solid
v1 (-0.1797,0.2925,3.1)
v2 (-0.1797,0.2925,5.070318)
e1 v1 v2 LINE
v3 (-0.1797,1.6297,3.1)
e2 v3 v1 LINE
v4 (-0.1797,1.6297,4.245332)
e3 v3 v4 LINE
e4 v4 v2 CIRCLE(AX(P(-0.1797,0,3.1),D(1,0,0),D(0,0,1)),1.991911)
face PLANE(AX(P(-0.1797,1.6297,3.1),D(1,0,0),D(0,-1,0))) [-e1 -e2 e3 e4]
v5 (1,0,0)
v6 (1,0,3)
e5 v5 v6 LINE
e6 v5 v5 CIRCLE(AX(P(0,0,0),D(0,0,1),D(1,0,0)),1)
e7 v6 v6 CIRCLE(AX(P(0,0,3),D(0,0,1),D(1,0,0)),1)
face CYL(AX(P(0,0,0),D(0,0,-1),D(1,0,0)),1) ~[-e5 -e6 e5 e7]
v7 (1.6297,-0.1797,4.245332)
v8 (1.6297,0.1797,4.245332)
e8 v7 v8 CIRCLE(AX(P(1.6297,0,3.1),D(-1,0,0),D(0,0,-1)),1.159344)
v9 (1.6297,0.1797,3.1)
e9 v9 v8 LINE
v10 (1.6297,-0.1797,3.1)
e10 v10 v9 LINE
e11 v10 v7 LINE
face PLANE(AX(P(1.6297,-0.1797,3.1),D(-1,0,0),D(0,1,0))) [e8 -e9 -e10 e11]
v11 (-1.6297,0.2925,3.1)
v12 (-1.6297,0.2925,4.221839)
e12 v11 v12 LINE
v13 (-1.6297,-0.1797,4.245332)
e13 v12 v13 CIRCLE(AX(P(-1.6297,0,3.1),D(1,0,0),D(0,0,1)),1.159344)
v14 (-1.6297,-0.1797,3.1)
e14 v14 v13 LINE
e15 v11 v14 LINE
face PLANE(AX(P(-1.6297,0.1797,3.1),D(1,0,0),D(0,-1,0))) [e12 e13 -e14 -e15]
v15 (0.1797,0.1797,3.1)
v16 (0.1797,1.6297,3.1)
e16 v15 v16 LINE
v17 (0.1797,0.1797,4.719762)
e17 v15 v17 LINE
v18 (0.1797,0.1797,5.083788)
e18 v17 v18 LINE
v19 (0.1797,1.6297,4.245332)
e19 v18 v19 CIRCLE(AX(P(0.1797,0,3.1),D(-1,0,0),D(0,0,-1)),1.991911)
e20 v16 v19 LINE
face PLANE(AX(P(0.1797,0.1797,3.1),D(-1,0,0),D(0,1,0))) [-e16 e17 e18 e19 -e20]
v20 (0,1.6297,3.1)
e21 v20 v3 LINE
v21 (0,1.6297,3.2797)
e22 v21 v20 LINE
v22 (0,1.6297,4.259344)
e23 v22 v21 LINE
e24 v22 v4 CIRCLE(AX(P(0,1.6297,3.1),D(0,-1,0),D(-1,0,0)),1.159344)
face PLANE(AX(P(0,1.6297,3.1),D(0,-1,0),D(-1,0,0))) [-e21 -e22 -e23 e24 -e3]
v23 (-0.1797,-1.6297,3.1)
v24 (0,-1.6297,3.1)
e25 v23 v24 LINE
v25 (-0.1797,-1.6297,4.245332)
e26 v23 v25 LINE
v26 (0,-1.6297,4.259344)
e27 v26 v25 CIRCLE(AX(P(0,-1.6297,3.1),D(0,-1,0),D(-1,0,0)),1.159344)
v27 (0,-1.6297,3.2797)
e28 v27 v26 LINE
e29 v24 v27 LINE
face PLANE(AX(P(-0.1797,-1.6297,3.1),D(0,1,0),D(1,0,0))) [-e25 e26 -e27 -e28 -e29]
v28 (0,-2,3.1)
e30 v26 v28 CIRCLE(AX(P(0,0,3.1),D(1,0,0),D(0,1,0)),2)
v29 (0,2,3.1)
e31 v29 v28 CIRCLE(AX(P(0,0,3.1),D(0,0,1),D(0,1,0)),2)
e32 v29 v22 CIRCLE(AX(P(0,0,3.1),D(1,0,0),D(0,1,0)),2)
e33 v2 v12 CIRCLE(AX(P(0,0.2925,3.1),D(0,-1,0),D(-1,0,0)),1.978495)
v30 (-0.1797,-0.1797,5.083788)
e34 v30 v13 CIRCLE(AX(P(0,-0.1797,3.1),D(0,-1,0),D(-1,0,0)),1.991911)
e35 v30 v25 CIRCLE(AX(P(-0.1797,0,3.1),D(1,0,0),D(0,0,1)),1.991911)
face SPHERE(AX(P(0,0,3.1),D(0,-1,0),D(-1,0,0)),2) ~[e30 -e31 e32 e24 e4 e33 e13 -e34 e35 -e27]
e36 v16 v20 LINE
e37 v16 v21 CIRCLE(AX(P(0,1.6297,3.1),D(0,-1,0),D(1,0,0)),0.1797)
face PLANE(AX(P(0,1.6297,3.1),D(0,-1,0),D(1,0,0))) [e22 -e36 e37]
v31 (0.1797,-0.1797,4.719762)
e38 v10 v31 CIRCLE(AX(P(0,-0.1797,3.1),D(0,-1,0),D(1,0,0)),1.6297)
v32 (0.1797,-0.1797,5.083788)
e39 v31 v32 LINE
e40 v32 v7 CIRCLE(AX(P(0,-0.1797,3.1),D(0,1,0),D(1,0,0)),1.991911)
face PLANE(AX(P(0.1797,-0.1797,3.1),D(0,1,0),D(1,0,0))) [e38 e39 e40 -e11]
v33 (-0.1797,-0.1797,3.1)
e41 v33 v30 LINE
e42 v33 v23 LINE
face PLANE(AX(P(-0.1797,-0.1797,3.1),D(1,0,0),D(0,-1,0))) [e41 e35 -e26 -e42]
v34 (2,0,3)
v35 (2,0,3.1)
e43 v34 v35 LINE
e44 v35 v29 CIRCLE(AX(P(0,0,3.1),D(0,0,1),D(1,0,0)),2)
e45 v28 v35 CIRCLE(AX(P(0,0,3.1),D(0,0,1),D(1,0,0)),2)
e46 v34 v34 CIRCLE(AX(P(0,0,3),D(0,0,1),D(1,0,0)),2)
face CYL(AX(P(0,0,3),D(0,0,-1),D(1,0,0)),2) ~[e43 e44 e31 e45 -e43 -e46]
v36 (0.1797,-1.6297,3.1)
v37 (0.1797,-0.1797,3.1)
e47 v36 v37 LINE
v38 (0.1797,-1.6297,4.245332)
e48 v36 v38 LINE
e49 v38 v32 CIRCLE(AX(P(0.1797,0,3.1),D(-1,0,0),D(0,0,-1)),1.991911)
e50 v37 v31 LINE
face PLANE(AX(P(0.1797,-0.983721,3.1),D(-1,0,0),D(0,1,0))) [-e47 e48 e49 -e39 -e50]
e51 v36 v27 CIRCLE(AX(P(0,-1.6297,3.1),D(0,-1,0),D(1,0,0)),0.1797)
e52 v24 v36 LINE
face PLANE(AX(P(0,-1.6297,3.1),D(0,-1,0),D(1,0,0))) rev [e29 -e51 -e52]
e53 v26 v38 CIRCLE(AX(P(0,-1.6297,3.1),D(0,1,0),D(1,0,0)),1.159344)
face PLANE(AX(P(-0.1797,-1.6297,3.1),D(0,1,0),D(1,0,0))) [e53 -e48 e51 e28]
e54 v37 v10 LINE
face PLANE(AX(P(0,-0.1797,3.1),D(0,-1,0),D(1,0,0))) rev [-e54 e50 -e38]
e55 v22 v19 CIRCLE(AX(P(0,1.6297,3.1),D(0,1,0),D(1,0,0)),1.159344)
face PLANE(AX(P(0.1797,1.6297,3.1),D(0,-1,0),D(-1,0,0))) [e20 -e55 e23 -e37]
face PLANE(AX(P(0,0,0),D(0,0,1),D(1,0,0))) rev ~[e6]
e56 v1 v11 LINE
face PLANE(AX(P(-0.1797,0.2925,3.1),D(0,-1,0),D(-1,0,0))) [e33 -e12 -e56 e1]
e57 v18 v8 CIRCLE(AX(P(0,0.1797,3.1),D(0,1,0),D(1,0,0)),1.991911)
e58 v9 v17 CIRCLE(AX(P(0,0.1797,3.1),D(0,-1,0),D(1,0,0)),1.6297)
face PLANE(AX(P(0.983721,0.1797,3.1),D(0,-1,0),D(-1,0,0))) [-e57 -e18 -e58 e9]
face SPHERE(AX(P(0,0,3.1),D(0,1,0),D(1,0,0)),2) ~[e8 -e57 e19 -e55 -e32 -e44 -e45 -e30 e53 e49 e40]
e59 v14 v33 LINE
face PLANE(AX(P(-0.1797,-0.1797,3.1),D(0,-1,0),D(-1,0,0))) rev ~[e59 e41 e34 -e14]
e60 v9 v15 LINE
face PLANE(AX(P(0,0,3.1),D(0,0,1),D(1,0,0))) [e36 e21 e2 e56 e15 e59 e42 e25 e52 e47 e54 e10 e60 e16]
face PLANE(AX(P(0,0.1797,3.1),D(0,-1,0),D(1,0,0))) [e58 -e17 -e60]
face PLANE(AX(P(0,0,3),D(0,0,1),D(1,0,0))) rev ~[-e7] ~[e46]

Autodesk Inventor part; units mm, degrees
ref_plane "YZ Plane" through (0, 0, 0) normal (1, 0, 0) x (0, 1, 0)
ref_plane "XZ Plane" through (0, 0, 0) normal (0, 1, 0) x (-1, 0, 0)
ref_plane "XY Plane" through (0, 0, 0) normal (0, 0, 1) x (1, 0, 0)
sketch "Sketch1" plane through (0, 0, 0) normal (0, 0, 1) x (1, 0, 0)
  circle A0 centre (0, 0) radius 1
  dimension "d0" = 2
extrude "Extrusion1" add sketch "Sketch1" along normal blind 3
sketch "Sketch2" plane through (0, 0, 3) normal (0, 0, 1) x (1, 0, 0)
  circle A0 centre (0, 0) radius 2
  dimension "d3" = 4
extrude "Extrusion2" add sketch "Sketch2" along normal blind 0.1
sketch "Sketch3" plane through (0, 0, 3.1) normal (0, 0, 1) x (1, 0, 0)
  arc A0 (0, 2) -> (0, -2) centre (0, 0) ccw
  line L0 (-1.6297, -0.1797) -> (1.6297, -0.1797)
  line L1 (1.6297, -0.1797) -> (1.6297, 0.1797)
  line L2 (1.6297, 0.1797) -> (-1.6297, 0.1797)
  line L3 (-1.6297, 0.1797) -> (-1.6297, -0.1797)
  line L4 (-1.6297, -0.1797) -> (1.6297, 0.1797) construction
  line L5 (1.6297, -0.1797) -> (-1.6297, 0.1797) construction
  line L6 (0.1797, -1.6297) -> (0.1797, 1.6297)
  line L7 (0.1797, 1.6297) -> (-0.1797, 1.6297)
  line L8 (-0.1797, 1.6297) -> (-0.1797, -1.6297)
  line L9 (-0.1797, -1.6297) -> (0.1797, -1.6297)
  line L10 (0.1797, -1.6297) -> (-0.1797, 1.6297) construction
  line L11 (0.1797, 1.6297) -> (-0.1797, -1.6297) construction
  line L12 (1.6297, 0.1797) -> (-1.6297, 0.1797)
  line L13 (-1.6297, 0.1797) -> (-1.6297, -0.1797)
  line L14 (-1.6297, -0.1797) -> (1.6297, -0.1797)
  line L15 (1.6297, -0.1797) -> (1.6297, 0.1797)
  line L16 (1.6297, 0.1797) -> (-1.6297, -0.1797) construction
  line L17 (-1.6297, 0.1797) -> (1.6297, -0.1797) construction
  line L18 (-0.1797, 1.6297) -> (-0.1797, -1.6297)
  line L19 (-0.1797, -1.6297) -> (0.1797, -1.6297)
  line L20 (0.1797, -1.6297) -> (0.1797, 1.6297)
  line L21 (0.1797, 1.6297) -> (-0.1797, 1.6297)
  line L22 (-0.1797, 1.6297) -> (0.1797, -1.6297) construction
  line L23 (-0.1797, -1.6297) -> (0.1797, 1.6297) construction
  line L24 (0, 0) -> (0, 3.1525)
  line L25 (0, 3.1525) -> (0, -2)
  line L26 (0, 2) -> (0, 1.6297)
  line L27 (0, 1.6297) -> (-0.1797, 1.6297)
  line L28 (-0.1797, 1.6297) -> (-0.1797, 0.1797)
  line L29 (-0.1797, 0.1797) -> (-1.6297, 0.1797)
  line L30 (-1.6297, 0.1797) -> (-1.6297, -0.1797)
  line L31 (-1.6297, -0.1797) -> (-0.1797, -0.1797)
  line L32 (-0.1797, -0.1797) -> (-0.1797, -1.6297)
  line L33 (-0.1797, -1.6297) -> (0, -1.6297)
  line L34 (0, -1.6297) -> (0, -2)
  dimension "d8" = 360
revolve "Revolution1" add sketch "Sketch3" angle 90 about axis through (0, 3.1525, 3.1) along (0, 1, 0) contours L24 L7 L8 L2 L3 L0 L9 L25 A0
sketch "Sketch4" plane through (0, 0, 3.1) normal (0, 0, 1) x (1, 0, 0)
  line L0 (0, 0.1797) -> (-1.6297, 0.1797) projected
  line L1 (0, -0.1797) -> (-1.6297, -0.1797) projected
  line L2 (-1.6297, 0.1797) -> (-1.6297, -0.1797) projected
  line L3 (-0.1797, 1.6297) -> (-0.1797, 0.1797) projected
  line L4 (0, 1.6297) -> (-0.1797, 1.6297) projected
  line L5 (0, -1.6297) -> (0, -2) projected
  arc A0 (0, -2) -> (0, 2) centre (0, 0) ccw projected
  line L6 (0, 2) -> (0, 1.6297) projected
  line L7 (0, 1.6297) -> (-0.1797, 1.6297) projected
  line L8 (-0.1797, 1.6297) -> (-0.1797, 0.1797) projected
  line L9 (-0.1797, 0.1797) -> (-1.6297, 0.1797) projected
  line L10 (-1.6297, 0.1797) -> (-1.6297, -0.1797) projected
  line L11 (-1.6297, -0.1797) -> (-0.1797, -0.1797) projected
  line L12 (-0.1797, -0.1797) -> (-0.1797, -1.6297) projected
  line L13 (-0.1797, -1.6297) -> (0, -1.6297) projected
  line L14 (-0.1797, 1.6297) -> (0.2047, 1.6297)
  line L15 (0.2047, 1.6297) -> (0.2047, -1.6297)
  line L16 (0.2047, -1.6297) -> (-0.1797, -1.6297)
  line L17 (-0.1797, -1.6297) -> (-0.1797, 1.6297)
  line L18 (-1.6297, -0.1797) -> (1.0723, -0.1797)
  line L19 (1.0723, -0.1797) -> (1.0723, 0.2925)
  line L20 (1.0723, 0.2925) -> (-1.6297, 0.2925)
  line L21 (-1.6297, 0.2925) -> (-1.6297, -0.1797)
extrude "Extrusion3" cut sketch "Sketch4" along normal blind 10 contours L17 L1 L2 L0 | L0 L21 L20 L3 | L3 L20 L15 L18 L1 L17 | L3 L4 L14 L15 L20 | L1 L18 L15 L16 L13 L12 | L20 L19 L18 L15
sketch "Sketch5" plane through (0, 0, 3.1) normal (0, 0, 1) x (1, 0, 0)
  arc A0 (0, 2) -> (0, -2) centre (0, 0) ccw
  line L0 (-1.6297, -0.1797) -> (1.6297, -0.1797)
  line L1 (1.6297, -0.1797) -> (1.6297, 0.1797)
  line L2 (1.6297, 0.1797) -> (-1.6297, 0.1797)
  line L3 (-1.6297, 0.1797) -> (-1.6297, -0.1797)
  line L4 (-1.6297, -0.1797) -> (1.6297, 0.1797) construction
  line L5 (1.6297, -0.1797) -> (-1.6297, 0.1797) construction
  line L6 (0.1797, -1.6297) -> (0.1797, 1.6297)
  line L7 (0.1797, 1.6297) -> (-0.1797, 1.6297)
  line L8 (-0.1797, 1.6297) -> (-0.1797, -1.6297)
  line L9 (-0.1797, -1.6297) -> (0.1797, -1.6297)
  line L10 (0.1797, -1.6297) -> (-0.1797, 1.6297) construction
  line L11 (0.1797, 1.6297) -> (-0.1797, -1.6297) construction
  line L12 (1.6297, 0.1797) -> (-1.6297, 0.1797)
  line L13 (-1.6297, 0.1797) -> (-1.6297, -0.1797)
  line L14 (-1.6297, -0.1797) -> (1.6297, -0.1797)
  line L15 (1.6297, -0.1797) -> (1.6297, 0.1797)
  line L16 (1.6297, 0.1797) -> (-1.6297, -0.1797) construction
  line L17 (-1.6297, 0.1797) -> (1.6297, -0.1797) construction
  line L18 (-0.1797, 1.6297) -> (-0.1797, -1.6297)
  line L19 (-0.1797, -1.6297) -> (0.1797, -1.6297)
  line L20 (0.1797, -1.6297) -> (0.1797, 1.6297)
  line L21 (0.1797, 1.6297) -> (-0.1797, 1.6297)
  line L22 (-0.1797, 1.6297) -> (0.1797, -1.6297) construction
  line L23 (-0.1797, -1.6297) -> (0.1797, 1.6297) construction
  line L24 (0, 0) -> (0, 3.1525)
  line L25 (0, 3.1525) -> (0, -2)
  line L26 (0, 2) -> (0, 1.6297)
  line L27 (0, 1.6297) -> (-0.1797, 1.6297)
  line L28 (-0.1797, 1.6297) -> (-0.1797, 0.1797)
  line L29 (-0.1797, 0.1797) -> (-1.6297, 0.1797)
  line L30 (-1.6297, 0.1797) -> (-1.6297, -0.1797)
  line L31 (-1.6297, -0.1797) -> (-0.1797, -0.1797)
  line L32 (-0.1797, -0.1797) -> (-0.1797, -1.6297)
  line L33 (-0.1797, -1.6297) -> (0, -1.6297)
  line L34 (0, -1.6297) -> (0, -2)
  line L35 (0, -1.6297) -> (0, -2) projected
  arc A1 (0, -2) -> (0, 2) centre (0, 0) ccw
  line L36 (0, 2) -> (0, 1.6297) projected
  line L37 (0, 1.6297) -> (-0.1797, 1.6297) projected
  line L38 (-0.1797, 1.6297) -> (-0.1797, 0.2925) projected
  line L39 (-0.1797, 0.2925) -> (-1.6297, 0.2925) projected
  line L40 (-1.6297, 0.2925) -> (-1.6297, -0.1797) projected
  line L41 (-1.6297, -0.1797) -> (-0.1797, -0.1797) projected
  line L42 (-0.1797, -0.1797) -> (-0.1797, -1.6297) projected
  line L43 (-0.1797, -1.6297) -> (0, -1.6297) projected
  line L44 (0, 2) -> (0, 1.6297)
  line L45 (0, 1.6297) -> (0.1797, 1.6297)
  line L46 (0.1797, 1.6297) -> (0.1797, 0.1797)
  line L47 (0.1797, 0.1797) -> (1.6297, 0.1797)
  line L48 (1.6297, 0.1797) -> (1.6297, -0.1797)
  line L49 (1.6297, -0.1797) -> (0.1797, -0.1797)
  line L50 (0.1797, -0.1797) -> (0.1797, -1.6297)
  line L51 (0.1797, -1.6297) -> (0, -1.6297)
  line L52 (0, -1.6297) -> (0, -2)
  line L53 (0, -2) -> (0, -1.6297) projected
  dimension "d15" = 360
revolve "Revolution2" add sketch "Sketch5" angle 90 about axis through (0, 3.1525, 3.1) along (0, -1, 0) contours A1 L25 L9 L6 L0 L1 L2 L7 L24
sketch "Sketch6" plane through (0, 0, 3.1) normal (0, 0, 1) x (1, 0, 0)
  circle A0 centre (0, 0) radius 1 projected
  line L0 (-0.1797, -1.6297) -> (0.1797, -1.6297) projected
  line L1 (0.1797, -1.6297) -> (0.1797, -0.1797) projected
  line L2 (0.1797, -0.1797) -> (1.6297, -0.1797) projected
  line L3 (1.6297, -0.1797) -> (1.6297, 0.1797) projected
  line L4 (1.6297, 0.1797) -> (0.1797, 0.1797) projected
  line L5 (0.1797, 0.1797) -> (0.1797, 1.6297) projected
  line L6 (0.1797, 1.6297) -> (-0.1797, 1.6297) projected
  line L7 (-0.1797, 1.6297) -> (-0.1797, 0.2925) projected
  line L8 (-0.1797, 0.2925) -> (-1.6297, 0.2925) projected
  line L9 (-1.6297, 0.2925) -> (-1.6297, -0.1797) projected
  line L10 (-1.6297, -0.1797) -> (-0.1797, -0.1797) projected
  line L11 (-0.1797, -0.1797) -> (-0.1797, -1.6297) projected
extrude "Extrusion4" cut sketch "Sketch6" along normal blind 10 contours A0 L2 L1 L11 L10 L8 L7 L5 L4 | A0 L4 L3 L2 | A0 L7 L6 L5 | L1 L0 L11 A0 | A0 L10 L9 L8
thread "Thread1" size "M2x0.25" class "6g" standard "ANSI Metric M Profile" full length
properties part number "servo 4"
